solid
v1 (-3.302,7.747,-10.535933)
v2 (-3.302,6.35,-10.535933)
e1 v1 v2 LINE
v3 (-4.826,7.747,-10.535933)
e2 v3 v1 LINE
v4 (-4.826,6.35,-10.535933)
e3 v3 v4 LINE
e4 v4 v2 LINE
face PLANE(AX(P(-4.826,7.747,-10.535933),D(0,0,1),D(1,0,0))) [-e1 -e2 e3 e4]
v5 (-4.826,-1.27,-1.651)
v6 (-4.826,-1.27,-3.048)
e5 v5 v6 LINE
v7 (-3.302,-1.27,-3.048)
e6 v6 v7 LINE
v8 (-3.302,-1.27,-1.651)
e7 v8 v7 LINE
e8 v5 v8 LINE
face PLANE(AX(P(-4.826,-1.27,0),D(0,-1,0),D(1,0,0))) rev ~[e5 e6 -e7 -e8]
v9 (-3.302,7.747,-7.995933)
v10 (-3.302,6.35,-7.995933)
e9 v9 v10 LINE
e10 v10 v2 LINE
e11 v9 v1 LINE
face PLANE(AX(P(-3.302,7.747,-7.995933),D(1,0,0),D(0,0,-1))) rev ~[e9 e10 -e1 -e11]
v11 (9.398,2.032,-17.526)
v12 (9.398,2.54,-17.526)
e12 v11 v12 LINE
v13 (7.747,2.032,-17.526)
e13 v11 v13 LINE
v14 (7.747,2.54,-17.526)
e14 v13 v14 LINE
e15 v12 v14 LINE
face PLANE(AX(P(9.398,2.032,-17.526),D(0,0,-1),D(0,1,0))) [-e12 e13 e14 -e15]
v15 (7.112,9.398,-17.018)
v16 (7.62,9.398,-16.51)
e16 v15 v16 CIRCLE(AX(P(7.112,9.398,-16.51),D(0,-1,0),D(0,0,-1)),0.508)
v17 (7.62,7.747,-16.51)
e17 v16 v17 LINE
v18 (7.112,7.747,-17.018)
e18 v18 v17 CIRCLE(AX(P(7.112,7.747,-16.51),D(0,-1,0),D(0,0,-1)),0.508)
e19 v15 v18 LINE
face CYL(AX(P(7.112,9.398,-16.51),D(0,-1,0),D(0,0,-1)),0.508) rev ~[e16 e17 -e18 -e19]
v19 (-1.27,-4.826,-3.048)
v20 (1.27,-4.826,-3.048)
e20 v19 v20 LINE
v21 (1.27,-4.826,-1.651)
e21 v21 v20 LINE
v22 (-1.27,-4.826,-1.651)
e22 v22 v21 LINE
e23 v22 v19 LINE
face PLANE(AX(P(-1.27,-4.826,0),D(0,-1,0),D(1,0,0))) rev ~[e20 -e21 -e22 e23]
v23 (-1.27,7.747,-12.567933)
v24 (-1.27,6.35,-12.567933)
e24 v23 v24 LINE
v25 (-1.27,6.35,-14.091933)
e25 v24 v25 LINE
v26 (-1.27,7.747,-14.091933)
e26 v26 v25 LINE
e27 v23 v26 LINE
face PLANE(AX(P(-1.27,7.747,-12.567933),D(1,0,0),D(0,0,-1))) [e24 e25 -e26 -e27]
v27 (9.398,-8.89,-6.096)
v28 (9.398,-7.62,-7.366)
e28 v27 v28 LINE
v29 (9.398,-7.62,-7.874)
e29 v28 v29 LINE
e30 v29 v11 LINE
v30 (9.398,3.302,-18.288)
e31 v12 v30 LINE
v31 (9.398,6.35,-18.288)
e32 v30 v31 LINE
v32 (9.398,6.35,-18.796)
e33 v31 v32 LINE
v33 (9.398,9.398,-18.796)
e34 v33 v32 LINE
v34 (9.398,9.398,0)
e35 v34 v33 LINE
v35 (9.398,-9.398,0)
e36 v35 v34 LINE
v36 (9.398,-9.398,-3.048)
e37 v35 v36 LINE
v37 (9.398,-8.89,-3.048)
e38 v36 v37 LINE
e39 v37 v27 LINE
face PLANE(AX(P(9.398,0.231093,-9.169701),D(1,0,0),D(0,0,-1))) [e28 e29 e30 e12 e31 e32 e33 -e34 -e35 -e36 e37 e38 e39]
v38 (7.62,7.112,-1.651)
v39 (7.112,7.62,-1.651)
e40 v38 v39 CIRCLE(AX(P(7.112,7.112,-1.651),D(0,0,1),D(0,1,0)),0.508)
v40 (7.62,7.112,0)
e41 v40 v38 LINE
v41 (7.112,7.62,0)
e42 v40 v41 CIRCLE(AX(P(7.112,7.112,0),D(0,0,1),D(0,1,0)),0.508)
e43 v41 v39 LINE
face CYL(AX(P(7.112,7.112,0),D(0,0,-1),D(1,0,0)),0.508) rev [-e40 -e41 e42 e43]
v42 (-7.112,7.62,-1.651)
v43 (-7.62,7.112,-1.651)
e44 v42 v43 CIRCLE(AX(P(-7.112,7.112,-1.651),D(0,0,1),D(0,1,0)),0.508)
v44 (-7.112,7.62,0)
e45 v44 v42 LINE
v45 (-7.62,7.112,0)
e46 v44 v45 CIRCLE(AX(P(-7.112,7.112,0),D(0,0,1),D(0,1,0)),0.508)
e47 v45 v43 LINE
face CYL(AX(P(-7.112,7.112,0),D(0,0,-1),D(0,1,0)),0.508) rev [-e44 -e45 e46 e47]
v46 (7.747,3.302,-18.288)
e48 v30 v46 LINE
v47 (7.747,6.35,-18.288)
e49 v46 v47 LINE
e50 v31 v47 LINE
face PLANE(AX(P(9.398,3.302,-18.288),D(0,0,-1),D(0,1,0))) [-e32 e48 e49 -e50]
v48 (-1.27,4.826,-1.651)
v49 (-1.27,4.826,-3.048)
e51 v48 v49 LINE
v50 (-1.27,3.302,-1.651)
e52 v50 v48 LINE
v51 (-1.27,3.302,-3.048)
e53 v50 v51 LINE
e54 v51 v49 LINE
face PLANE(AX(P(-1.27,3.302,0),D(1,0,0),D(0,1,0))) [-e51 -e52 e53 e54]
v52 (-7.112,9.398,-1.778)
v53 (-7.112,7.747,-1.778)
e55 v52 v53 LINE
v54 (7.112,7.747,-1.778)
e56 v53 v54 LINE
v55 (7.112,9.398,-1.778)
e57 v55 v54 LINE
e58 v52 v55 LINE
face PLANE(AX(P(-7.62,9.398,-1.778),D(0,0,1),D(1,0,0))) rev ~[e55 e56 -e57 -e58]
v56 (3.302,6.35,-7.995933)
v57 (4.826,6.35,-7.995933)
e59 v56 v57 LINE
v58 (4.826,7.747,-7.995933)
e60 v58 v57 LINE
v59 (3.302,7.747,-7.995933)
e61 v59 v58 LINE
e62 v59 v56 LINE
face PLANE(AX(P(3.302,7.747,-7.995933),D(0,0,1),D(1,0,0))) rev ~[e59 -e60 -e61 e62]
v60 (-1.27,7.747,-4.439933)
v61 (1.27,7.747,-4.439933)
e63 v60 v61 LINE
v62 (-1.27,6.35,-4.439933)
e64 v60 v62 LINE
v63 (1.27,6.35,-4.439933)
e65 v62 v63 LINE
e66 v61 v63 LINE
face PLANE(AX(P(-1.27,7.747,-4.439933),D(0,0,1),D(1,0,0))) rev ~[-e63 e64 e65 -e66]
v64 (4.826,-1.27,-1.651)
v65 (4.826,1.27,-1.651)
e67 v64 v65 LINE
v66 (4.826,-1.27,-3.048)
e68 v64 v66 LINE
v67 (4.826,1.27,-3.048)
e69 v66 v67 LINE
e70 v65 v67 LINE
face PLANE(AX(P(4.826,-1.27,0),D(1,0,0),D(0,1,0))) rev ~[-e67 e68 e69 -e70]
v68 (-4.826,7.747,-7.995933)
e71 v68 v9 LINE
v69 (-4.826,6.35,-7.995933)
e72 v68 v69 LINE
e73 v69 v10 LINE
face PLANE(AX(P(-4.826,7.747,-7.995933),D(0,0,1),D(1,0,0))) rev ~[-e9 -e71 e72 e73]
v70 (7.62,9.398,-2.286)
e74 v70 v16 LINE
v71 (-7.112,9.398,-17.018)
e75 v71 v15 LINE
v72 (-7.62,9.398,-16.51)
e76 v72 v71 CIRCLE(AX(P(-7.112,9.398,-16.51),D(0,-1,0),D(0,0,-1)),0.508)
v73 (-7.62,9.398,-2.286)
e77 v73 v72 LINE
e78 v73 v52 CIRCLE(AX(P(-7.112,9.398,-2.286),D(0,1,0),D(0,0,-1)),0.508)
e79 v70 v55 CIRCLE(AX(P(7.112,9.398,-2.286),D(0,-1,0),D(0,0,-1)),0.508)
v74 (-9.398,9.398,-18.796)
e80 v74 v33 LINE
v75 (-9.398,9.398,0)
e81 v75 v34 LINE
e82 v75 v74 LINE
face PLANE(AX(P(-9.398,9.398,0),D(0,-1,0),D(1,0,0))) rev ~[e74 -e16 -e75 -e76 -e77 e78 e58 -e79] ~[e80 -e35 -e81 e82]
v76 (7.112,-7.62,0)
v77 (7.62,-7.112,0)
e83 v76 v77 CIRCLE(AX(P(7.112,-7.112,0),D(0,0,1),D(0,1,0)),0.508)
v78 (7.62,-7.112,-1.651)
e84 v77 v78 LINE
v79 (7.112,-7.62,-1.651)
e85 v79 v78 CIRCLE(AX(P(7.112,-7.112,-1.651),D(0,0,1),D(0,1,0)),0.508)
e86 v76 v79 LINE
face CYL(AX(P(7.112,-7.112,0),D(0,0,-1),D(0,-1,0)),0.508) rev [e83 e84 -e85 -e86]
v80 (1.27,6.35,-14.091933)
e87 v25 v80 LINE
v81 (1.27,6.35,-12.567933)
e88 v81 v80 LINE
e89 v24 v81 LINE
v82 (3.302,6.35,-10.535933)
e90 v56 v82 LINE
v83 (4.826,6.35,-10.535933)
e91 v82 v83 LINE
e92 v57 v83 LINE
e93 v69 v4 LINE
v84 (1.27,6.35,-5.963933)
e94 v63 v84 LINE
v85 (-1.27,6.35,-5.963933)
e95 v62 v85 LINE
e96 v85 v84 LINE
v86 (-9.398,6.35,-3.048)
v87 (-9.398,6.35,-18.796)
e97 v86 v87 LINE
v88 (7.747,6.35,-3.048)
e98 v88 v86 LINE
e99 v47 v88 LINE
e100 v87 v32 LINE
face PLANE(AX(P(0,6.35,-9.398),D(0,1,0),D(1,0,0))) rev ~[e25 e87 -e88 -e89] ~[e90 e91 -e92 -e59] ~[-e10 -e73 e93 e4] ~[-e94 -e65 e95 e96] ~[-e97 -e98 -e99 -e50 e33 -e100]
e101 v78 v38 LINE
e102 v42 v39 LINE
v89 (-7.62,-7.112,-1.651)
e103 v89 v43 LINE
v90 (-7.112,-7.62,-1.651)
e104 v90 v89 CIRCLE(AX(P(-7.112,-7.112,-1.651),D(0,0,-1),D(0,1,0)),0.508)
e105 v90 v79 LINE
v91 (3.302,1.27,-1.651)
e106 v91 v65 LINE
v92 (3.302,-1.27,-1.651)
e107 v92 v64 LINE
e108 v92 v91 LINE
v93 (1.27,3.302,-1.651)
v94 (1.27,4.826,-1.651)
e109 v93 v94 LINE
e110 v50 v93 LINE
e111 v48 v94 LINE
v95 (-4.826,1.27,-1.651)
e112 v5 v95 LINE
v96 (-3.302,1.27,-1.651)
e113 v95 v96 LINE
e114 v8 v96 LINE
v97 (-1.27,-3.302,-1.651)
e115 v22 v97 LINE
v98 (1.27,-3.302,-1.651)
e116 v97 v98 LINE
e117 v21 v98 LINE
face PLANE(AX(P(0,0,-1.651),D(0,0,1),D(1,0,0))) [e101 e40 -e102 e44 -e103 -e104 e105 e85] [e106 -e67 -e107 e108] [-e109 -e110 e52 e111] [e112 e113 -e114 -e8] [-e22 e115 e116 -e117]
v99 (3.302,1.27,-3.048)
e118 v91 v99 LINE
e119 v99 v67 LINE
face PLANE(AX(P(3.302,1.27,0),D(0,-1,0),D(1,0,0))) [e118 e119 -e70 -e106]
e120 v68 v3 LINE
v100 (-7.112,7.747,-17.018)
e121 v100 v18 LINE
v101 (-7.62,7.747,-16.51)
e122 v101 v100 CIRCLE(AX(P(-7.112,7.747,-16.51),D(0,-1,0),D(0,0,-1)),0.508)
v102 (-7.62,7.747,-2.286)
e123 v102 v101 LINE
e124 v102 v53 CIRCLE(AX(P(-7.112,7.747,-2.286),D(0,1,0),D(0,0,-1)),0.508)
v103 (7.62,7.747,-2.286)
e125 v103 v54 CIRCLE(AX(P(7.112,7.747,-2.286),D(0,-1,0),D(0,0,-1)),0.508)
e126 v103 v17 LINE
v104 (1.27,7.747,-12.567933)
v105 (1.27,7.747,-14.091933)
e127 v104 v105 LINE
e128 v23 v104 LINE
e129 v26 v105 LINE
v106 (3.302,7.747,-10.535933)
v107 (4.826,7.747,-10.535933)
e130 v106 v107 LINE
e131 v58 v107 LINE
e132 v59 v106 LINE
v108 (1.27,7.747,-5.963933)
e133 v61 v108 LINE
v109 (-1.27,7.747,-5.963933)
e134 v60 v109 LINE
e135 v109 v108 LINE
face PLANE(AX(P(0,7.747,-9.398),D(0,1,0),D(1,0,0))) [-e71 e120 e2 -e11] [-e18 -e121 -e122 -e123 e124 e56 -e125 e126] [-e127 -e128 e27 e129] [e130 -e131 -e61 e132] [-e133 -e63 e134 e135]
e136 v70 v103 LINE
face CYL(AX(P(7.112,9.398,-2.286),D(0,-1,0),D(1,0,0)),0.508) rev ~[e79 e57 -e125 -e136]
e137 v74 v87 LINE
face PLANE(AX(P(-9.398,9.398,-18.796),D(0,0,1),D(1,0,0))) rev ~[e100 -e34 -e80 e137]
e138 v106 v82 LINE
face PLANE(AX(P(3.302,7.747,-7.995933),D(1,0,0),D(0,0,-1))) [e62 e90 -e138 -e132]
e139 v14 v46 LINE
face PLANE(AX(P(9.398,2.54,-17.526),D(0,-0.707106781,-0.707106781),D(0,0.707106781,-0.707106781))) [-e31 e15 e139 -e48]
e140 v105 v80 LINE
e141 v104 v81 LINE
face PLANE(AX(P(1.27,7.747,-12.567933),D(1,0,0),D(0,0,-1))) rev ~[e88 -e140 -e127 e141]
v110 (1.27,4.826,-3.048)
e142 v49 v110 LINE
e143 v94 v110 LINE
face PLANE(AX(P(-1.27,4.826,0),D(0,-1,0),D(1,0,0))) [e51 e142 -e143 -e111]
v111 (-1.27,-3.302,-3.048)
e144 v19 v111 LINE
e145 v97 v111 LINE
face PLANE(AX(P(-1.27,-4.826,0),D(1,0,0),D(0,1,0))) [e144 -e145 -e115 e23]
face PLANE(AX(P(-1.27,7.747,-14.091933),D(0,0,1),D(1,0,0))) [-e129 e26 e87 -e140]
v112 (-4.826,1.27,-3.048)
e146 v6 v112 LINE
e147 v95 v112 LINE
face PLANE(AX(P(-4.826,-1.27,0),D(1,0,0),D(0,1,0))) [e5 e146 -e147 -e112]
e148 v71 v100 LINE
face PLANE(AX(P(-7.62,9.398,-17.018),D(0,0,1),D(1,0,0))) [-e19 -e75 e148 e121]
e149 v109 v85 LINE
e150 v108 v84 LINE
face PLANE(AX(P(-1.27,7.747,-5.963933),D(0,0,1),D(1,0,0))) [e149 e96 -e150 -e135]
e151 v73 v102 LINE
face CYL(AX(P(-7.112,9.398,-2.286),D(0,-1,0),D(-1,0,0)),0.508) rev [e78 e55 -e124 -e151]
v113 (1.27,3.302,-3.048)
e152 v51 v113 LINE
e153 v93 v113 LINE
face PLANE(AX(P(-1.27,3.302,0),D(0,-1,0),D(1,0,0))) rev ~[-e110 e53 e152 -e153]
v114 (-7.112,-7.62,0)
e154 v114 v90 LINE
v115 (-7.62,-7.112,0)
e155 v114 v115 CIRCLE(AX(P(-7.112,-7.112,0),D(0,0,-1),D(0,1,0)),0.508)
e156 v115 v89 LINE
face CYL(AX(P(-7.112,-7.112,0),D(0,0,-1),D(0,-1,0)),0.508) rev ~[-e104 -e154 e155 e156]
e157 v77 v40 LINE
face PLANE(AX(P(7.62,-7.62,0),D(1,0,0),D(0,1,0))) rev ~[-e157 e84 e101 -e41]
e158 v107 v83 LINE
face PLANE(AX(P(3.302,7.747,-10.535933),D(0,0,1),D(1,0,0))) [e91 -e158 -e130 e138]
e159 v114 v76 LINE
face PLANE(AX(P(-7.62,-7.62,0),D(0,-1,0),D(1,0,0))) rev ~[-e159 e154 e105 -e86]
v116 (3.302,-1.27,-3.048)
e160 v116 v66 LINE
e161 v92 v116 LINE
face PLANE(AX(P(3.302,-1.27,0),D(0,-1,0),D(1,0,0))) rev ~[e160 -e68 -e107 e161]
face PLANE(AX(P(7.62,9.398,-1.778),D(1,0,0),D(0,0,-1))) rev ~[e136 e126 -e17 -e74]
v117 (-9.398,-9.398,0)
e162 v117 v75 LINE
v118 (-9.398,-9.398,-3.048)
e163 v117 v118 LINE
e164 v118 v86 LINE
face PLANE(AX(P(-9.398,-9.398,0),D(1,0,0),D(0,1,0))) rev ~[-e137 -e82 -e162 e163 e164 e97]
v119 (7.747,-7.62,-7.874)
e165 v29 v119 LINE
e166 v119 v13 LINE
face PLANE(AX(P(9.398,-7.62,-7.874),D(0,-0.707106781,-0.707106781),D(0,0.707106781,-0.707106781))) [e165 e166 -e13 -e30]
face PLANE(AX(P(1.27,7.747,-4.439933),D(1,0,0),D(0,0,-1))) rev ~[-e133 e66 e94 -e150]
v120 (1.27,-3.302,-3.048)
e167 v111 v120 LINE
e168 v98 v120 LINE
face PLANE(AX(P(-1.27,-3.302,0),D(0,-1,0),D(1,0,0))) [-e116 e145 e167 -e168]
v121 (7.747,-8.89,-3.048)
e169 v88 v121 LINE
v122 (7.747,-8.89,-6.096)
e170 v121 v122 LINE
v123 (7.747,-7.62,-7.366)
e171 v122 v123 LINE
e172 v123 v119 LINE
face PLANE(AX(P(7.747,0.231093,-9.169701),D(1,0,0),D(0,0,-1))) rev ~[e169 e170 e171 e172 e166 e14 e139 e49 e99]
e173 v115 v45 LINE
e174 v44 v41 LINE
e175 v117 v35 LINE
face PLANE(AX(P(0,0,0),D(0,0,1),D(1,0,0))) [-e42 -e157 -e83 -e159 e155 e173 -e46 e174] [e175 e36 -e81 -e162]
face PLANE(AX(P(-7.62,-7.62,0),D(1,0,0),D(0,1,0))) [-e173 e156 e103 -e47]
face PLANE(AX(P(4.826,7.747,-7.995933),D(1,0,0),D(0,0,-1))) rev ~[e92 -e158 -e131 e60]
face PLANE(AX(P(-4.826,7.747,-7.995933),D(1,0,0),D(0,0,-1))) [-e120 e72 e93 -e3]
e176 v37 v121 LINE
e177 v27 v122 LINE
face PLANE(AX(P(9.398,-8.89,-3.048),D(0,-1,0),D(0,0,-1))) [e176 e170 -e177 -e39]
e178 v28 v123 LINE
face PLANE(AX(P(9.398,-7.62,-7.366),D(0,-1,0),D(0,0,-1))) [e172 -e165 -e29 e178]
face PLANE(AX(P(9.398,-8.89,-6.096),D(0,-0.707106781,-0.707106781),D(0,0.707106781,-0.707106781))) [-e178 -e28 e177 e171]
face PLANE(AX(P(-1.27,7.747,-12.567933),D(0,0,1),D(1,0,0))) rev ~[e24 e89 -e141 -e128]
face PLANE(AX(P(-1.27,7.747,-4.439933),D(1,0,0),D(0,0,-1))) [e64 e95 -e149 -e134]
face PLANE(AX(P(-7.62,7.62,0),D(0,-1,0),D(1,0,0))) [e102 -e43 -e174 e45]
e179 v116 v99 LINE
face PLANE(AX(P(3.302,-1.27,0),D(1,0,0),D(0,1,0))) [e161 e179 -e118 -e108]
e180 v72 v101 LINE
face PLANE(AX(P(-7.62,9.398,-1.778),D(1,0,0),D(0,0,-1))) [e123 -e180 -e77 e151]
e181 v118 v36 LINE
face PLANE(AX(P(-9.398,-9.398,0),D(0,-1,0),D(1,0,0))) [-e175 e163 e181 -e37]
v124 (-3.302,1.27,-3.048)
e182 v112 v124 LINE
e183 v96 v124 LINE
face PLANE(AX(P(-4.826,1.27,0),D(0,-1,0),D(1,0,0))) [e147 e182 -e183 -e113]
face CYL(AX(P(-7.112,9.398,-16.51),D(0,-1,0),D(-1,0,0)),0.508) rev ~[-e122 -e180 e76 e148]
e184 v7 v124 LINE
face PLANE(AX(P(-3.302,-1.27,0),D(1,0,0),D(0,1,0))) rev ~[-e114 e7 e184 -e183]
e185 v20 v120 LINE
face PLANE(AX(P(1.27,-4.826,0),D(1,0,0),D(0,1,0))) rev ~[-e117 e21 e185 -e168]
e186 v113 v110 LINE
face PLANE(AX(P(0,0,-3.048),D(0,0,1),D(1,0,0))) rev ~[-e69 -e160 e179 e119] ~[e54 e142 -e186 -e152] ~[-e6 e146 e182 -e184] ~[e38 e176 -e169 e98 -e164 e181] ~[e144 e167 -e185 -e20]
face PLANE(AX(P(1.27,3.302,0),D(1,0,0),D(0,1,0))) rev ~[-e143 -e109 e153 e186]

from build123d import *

# Parameters (mm, degrees)
SKETCH1_W           = 18.796
SKETCH1_H           = 18.796
BOSS_EXTRUDE1_DEPTH = 3.048
SKETCH3_W           = 18.796
SKETCH3_H           = 18.796
BOSS_EXTRUDE2_DEPTH = 3.048
SKETCH4_W           = 15.24
SKETCH4_H           = 15.24
CUT_EXTRUDE1_DEPTH  = 1.651
SKETCH5_W           = 15.24
SKETCH5_H           = 15.24
CUT_EXTRUDE2_DEPTH  = 1.651
SKETCH6_W           = 2.54
SKETCH6_H           = 1.524
SKETCH6_W_2         = 1.524
SKETCH6_H_2         = 2.54
CUT_EXTRUDE3_DEPTH  = 1.651
SKETCH7_W           = 2.54
SKETCH7_H           = 1.524
SKETCH7_W_2         = 1.524
SKETCH7_H_2         = 2.54
CUT_EXTRUDE4_DEPTH  = 24.020304603
BOSS_EXTRUDE3_DEPTH = 1.651
FILLET1_R           = 0.508
FILLET2_R           = 0.508


with BuildPart() as part:
    # Sketch1 → Boss-Extrude1 (new body)
    with BuildSketch(Plane.XY):
        Rectangle(SKETCH1_W, SKETCH1_H)
    extrude(amount=-BOSS_EXTRUDE1_DEPTH)

    # Sketch3 → Boss-Extrude2 (add)
    with BuildSketch(Plane(origin=(0, 9.398, 0), x_dir=(1, 0, 0), z_dir=(0, 1, 0))):
        with Locations((0, 9.398)):
            Rectangle(SKETCH3_W, SKETCH3_H)
    extrude(amount=-BOSS_EXTRUDE2_DEPTH)

    # Sketch4 → Cut-Extrude1 (cut)
    with BuildSketch(Plane(origin=(0, 9.398, 0), x_dir=(1, 0, 0), z_dir=(0, 1, 0))):
        with Locations((0, 9.398)):
            Rectangle(SKETCH4_W, SKETCH4_H)
    extrude(amount=-CUT_EXTRUDE1_DEPTH, mode=Mode.SUBTRACT)

    # Sketch5 → Cut-Extrude2 (cut)
    with BuildSketch(Plane.XY):
        Rectangle(SKETCH5_W, SKETCH5_H)
    extrude(amount=-CUT_EXTRUDE2_DEPTH, mode=Mode.SUBTRACT)

    # Sketch6 → Cut-Extrude3 (cut)
    with BuildSketch(Plane(origin=(0, 7.747, 0), x_dir=(1, 0, 0), z_dir=(0, 1, 0))):
        with Locations((0, 5.20193254)):
            Rectangle(SKETCH6_W, SKETCH6_H)
        with Locations((-4.064, 9.26593254)):
            Rectangle(SKETCH6_W_2, SKETCH6_H_2)
        with Locations((4.064, 9.26593254)):
            Rectangle(SKETCH6_W_2, SKETCH6_H_2)
        with Locations((0, 13.32993254)):
            Rectangle(SKETCH6_W, SKETCH6_H)
    extrude(amount=-CUT_EXTRUDE3_DEPTH, mode=Mode.SUBTRACT)

    # Sketch7 → Cut-Extrude4 (cut, through all)
    with BuildSketch(Plane.XY):
        with Locations((0, 4.064)):
            Rectangle(SKETCH7_W, SKETCH7_H)
        with Locations((4.064, 0)):
            Rectangle(SKETCH7_W_2, SKETCH7_H_2)
        with Locations((0, -4.064)):
            Rectangle(SKETCH7_W, SKETCH7_H)
        with Locations((-4.064, 0)):
            Rectangle(SKETCH7_W_2, SKETCH7_H_2)
    extrude(amount=-CUT_EXTRUDE4_DEPTH, mode=Mode.SUBTRACT)

    # Sketch8 → Boss-Extrude3 (add)
    with BuildSketch(Plane(origin=(9.398, 0, 0), x_dir=(0, 0, -1), z_dir=(1, 0, 0))):
        Polygon((3.048, 6.35), (3.048, -8.89), (6.096, -8.89), (7.366, -7.62), (7.874, -7.62), (17.526, 2.032), (17.526, 2.54), (18.288, 3.302), (18.288, 6.35), align=None)
    extrude(amount=-BOSS_EXTRUDE3_DEPTH)

    # Fillet1
    fillet1_edges = [part.edges().sort_by_distance(p)[0] for p in [
        (7.62, 8.5725, -1.778),
        (-7.62, 8.5725, -1.778),
        (-7.62, 8.5725, -17.018),
        (7.62, 8.5725, -17.018),
    ]]
    fillet(fillet1_edges, radius=FILLET1_R)

    # Fillet2
    fillet2_edges = [part.edges().sort_by_distance(p)[0] for p in [
        (-7.62, -7.62, -0.8255),
        (-7.62, 7.62, -0.8255),
        (7.62, 7.62, -0.8255),
        (7.62, -7.62, -0.8255),
    ]]
    fillet(fillet2_edges, radius=FILLET2_R)


solid = part.part
